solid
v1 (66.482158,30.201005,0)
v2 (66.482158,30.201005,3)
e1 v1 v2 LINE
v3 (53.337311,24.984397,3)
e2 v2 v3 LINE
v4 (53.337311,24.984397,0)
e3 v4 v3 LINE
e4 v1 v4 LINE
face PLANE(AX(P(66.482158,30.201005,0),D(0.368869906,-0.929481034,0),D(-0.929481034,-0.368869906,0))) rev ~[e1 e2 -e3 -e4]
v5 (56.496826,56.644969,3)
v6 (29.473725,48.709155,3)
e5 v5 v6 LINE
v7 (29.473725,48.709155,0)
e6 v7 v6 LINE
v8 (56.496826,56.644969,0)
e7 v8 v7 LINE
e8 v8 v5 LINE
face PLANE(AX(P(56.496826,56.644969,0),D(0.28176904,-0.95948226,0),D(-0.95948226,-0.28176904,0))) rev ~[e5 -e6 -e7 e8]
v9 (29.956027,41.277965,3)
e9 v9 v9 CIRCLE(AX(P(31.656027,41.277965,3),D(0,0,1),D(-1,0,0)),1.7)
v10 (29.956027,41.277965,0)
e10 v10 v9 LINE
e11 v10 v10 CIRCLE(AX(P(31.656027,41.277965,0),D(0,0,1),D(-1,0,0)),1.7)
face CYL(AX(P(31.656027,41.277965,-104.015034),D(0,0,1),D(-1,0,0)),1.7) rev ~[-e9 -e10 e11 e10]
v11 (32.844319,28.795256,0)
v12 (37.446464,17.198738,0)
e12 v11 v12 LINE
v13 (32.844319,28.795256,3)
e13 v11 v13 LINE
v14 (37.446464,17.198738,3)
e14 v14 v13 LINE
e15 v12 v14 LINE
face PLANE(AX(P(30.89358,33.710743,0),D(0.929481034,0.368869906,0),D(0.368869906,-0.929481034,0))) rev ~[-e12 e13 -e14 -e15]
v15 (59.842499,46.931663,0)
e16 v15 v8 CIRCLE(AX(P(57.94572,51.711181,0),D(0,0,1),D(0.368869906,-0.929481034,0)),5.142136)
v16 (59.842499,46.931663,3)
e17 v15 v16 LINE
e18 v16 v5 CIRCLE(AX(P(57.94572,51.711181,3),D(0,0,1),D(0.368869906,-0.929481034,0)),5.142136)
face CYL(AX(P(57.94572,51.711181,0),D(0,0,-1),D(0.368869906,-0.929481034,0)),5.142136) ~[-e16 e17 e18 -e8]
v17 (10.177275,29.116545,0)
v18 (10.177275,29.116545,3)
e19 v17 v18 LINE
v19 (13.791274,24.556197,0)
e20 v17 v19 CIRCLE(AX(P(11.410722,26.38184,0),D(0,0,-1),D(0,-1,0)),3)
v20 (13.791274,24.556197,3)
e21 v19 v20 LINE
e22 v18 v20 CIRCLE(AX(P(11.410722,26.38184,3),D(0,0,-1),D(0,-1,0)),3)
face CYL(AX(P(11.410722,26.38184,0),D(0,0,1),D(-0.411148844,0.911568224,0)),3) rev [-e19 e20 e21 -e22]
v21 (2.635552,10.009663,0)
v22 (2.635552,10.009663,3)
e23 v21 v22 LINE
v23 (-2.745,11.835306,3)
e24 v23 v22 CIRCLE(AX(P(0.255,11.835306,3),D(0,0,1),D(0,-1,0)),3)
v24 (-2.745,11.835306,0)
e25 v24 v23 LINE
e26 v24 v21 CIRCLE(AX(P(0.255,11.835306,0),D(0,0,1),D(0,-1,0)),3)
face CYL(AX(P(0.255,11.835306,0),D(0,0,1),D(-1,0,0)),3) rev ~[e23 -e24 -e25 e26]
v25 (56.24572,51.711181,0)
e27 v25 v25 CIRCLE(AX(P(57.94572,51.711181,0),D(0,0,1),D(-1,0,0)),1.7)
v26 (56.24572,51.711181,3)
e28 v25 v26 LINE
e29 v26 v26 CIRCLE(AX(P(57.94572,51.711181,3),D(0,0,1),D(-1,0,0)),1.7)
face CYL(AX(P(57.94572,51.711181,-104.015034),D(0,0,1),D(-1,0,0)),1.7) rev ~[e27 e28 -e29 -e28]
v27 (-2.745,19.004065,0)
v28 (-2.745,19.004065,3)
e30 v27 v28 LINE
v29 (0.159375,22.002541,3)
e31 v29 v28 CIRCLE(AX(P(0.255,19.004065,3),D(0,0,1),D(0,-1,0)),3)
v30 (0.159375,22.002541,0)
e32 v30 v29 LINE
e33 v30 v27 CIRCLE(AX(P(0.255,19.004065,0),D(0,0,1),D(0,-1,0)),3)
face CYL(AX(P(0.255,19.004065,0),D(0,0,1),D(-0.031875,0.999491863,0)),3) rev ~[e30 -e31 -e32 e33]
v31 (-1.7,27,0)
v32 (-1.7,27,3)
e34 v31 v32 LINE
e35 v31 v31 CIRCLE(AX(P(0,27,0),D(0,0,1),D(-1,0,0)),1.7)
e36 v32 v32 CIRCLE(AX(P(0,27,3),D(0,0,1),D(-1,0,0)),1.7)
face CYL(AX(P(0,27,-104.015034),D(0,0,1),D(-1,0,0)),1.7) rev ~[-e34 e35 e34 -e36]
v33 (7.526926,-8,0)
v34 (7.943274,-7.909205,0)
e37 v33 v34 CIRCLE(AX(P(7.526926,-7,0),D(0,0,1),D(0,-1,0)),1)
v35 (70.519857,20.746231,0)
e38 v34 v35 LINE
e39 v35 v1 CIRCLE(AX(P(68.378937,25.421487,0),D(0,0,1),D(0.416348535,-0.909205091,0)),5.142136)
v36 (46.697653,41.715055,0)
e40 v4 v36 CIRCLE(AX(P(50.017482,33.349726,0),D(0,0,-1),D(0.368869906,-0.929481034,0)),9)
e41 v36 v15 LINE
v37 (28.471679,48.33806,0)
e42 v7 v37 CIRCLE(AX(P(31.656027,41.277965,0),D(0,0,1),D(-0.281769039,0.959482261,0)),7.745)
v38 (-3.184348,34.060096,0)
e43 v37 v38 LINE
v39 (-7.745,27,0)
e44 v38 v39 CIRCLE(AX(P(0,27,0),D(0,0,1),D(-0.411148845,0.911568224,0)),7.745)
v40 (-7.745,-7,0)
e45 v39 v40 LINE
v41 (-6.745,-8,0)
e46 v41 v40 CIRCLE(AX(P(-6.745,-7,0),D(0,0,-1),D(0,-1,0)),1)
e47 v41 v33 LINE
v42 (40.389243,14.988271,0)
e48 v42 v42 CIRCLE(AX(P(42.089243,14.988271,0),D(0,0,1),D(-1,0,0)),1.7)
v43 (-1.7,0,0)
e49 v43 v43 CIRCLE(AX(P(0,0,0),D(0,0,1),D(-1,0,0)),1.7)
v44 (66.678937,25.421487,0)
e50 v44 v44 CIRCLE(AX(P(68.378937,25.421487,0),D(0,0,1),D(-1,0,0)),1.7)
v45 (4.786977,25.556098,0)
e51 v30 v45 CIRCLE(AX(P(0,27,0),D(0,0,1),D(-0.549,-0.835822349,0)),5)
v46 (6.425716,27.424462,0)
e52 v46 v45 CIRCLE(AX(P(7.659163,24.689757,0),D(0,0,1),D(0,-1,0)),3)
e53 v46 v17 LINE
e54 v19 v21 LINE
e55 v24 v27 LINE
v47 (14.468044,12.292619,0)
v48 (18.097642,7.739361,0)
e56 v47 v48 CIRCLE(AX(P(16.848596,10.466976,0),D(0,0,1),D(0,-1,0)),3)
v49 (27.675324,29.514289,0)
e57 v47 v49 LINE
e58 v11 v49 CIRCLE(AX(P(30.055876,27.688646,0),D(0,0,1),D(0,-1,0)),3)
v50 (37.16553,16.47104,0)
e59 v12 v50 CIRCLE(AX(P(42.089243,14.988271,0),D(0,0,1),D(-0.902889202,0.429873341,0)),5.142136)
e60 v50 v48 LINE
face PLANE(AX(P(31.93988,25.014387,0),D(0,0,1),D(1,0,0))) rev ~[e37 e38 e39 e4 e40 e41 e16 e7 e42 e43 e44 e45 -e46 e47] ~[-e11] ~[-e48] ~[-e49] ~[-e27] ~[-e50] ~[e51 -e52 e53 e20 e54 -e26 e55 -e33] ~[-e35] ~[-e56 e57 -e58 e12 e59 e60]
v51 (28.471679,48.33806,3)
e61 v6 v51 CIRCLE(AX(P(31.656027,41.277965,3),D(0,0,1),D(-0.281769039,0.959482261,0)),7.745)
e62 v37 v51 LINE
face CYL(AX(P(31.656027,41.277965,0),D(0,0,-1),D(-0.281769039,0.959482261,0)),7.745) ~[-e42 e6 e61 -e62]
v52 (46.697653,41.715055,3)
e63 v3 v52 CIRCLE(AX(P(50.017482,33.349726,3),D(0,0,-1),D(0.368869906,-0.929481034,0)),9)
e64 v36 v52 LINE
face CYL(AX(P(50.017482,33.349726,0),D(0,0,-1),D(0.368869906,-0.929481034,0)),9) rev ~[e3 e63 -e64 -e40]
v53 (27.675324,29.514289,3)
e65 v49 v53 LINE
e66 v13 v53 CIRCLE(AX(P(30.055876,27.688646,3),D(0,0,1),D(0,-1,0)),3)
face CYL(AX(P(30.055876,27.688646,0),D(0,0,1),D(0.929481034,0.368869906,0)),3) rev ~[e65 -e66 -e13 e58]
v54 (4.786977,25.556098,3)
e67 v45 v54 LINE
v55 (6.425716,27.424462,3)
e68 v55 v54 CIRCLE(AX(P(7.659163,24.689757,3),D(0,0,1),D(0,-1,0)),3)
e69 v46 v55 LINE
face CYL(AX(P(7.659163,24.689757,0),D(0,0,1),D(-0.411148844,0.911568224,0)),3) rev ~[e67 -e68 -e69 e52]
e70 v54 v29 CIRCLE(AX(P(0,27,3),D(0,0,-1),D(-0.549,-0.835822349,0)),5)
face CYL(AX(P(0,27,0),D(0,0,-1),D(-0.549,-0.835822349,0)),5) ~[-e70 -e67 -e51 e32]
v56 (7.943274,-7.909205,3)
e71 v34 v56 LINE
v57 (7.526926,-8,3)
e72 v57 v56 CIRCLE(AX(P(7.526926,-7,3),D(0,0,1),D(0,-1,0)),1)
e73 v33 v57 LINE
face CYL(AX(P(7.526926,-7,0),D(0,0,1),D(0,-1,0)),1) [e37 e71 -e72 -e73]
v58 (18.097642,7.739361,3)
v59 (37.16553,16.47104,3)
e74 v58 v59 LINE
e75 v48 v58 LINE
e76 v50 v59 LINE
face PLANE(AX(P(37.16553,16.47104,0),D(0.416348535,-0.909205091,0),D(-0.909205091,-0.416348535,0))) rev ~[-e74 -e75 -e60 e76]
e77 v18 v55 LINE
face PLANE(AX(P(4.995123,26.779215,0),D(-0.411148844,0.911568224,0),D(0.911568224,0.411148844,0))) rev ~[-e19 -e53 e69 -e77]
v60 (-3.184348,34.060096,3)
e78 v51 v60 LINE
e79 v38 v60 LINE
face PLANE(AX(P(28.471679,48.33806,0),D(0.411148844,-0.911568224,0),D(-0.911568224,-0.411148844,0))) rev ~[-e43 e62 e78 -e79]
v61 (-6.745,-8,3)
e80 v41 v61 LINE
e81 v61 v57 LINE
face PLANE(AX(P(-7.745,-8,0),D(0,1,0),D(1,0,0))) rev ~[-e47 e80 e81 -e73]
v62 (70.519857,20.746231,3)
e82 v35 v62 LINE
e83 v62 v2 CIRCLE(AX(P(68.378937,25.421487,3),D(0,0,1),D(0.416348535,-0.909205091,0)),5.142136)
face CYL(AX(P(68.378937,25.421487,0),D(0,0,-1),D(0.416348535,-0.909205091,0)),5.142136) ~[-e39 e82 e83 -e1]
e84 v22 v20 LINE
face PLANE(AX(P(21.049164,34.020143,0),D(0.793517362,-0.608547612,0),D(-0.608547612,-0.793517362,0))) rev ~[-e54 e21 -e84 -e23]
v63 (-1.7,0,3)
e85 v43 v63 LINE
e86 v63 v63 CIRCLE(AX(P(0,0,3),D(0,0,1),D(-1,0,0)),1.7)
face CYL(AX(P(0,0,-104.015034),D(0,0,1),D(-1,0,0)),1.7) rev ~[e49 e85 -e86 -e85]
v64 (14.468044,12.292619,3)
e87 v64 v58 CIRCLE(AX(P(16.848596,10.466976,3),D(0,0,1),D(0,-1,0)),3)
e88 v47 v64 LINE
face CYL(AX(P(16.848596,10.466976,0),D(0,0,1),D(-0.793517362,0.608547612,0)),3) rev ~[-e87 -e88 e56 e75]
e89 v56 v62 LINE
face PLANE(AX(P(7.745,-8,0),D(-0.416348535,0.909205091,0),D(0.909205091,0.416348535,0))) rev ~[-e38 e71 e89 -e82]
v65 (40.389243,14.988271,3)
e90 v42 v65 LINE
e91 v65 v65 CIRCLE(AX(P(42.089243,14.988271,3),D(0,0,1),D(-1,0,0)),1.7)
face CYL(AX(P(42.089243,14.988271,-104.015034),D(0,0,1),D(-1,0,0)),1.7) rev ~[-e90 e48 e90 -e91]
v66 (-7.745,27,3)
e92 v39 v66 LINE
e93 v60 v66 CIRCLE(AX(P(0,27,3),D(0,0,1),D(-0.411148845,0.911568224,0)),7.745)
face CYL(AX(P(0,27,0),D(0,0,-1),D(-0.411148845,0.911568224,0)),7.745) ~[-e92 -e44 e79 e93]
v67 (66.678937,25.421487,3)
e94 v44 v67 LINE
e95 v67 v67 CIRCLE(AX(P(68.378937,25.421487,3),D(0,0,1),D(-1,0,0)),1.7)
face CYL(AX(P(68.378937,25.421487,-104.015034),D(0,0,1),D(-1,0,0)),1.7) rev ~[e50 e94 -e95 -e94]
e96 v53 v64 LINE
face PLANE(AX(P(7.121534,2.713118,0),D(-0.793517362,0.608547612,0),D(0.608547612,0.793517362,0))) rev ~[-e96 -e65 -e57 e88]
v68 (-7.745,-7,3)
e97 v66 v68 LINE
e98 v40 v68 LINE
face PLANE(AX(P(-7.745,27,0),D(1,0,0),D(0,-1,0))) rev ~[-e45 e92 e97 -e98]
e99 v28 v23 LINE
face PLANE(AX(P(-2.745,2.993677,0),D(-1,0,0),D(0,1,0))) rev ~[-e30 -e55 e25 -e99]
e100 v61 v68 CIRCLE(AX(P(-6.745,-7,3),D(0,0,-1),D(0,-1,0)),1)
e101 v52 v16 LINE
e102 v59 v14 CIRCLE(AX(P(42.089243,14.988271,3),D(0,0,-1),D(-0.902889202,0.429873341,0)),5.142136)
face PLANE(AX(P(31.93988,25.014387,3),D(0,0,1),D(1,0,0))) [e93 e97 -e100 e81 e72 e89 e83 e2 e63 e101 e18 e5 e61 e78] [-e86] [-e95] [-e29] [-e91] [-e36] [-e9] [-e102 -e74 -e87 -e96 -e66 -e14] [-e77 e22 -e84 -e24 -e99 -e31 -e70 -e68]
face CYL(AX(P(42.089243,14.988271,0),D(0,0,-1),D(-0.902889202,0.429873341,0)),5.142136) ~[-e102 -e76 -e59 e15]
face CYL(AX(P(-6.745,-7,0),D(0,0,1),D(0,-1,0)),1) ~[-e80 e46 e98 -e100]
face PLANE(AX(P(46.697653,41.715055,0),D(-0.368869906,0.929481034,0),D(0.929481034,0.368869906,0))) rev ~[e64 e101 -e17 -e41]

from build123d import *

# Parameters (mm, degrees)
BOSS_EXTRUDE1_DEPTH  = 3
M3_CLEARANCE_HOLE1_D = 3.4
FILLET1_R            = 1
CUT_EXTRUDE1_DEPTH   = 93.987352344
FILLET2_R            = 3


with BuildPart() as part:
    # Sketch1 → Boss-Extrude1 (new body)
    with BuildSketch(Plane.XY):
        with BuildLine():
            Line((-7.745, -8), (7.745, -8))
            Line((7.745, -8), (70.519857407, 20.746231418))
            ThreePointArc((70.519857407, 20.746231418), (73.107899278, 27.441010115), (66.482157687, 30.201004841))
            Line((66.482157687, 30.201004841), (53.337310845, 24.984396605))
            ThreePointArc((53.337310845, 24.984396605), (41.652152386, 30.029896758), (46.697652539, 41.715055217))
            Line((46.697652539, 41.715055217), (59.842499382, 46.931663453))
            ThreePointArc((59.842499382, 46.931663453), (62.807533315, 53.385795263), (56.49682568, 56.644968901))
            Line((56.49682568, 56.644968901), (29.473725399, 48.709154624))
            ThreePointArc((29.473725399, 48.709154624), (28.966294631, 48.540909296), (28.471678813, 48.338060414))
            Line((28.471678813, 48.338060414), (-3.1843478, 34.060095898))
            ThreePointArc((-3.1843478, 34.060095898), (-6.505682082, 31.202514205), (-7.745, 27))
            Line((-7.745, 27), (-7.745, -8))
        make_face()
    extrude(amount=BOSS_EXTRUDE1_DEPTH)

    # M3 Clearance Hole1 (through all)
    with Locations(Plane(origin=(0, 0, 0), x_dir=(1, 0, 0), z_dir=(0, 0, -1))):
        with Locations((57.945720298, -51.711180989), (68.378936771, -25.421487305), (42.089243086, -14.988270832), (31.656026613, -41.277964517), (0, -27), (0, 0)):
            Hole(M3_CLEARANCE_HOLE1_D / 2)

    # Fillet1
    fillet1_edges = [part.edges().sort_by_distance(p)[0] for p in [
        (7.745, -8, 1.5),
        (-7.745, -8, 1.5),
    ]]
    fillet(fillet1_edges, radius=FILLET1_R)

    # Sketch4 → Cut-Extrude1 (cut, through all)
    with BuildSketch(Plane(origin=(0, 0, 0), x_dir=(-1, 0, 0), z_dir=(0, 0, -1))):
        with BuildLine():
            ThreePointArc((-37.446464364, 17.198737867), (-37.2921785, 16.840223889), (-37.165529718, 16.471040349))
            Line((-37.165529718, 16.471040349), (-7.121534424, 2.713117557))
            Line((-7.121534424, 2.713117557), (-30.893579986, 33.710742913))
            Line((-30.893579986, 33.710742913), (-37.446464364, 17.198737867))
        make_face()
        with BuildLine():
            Line((-21.049163615, 34.020143008), (2.745, 2.993676756))
            Line((2.745, 2.993676756), (2.745, 22.820888252))
            ThreePointArc((2.745, 22.820888252), (-2.276587416, 22.548354266), (-4.995123002, 26.779214606))
            Line((-4.995123002, 26.779214606), (-21.049163615, 34.020143008))
        make_face()
    extrude(amount=-CUT_EXTRUDE1_DEPTH, mode=Mode.SUBTRACT)

    # Fillet2
    fillet2_edges = [part.edges().sort_by_distance(p)[0] for p in [
        (30.893579986, 33.710742913, 1.5),
        (7.121534424, 2.713117557, 1.5),
        (-2.745, 22.820888252, 1.5),
        (-2.745, 2.993676756, 1.5),
        (21.049163615, 34.020143008, 1.5),
        (4.995123002, 26.779214606, 1.5),
    ]]
    fillet(fillet2_edges, radius=FILLET2_R)


solid = part.part
